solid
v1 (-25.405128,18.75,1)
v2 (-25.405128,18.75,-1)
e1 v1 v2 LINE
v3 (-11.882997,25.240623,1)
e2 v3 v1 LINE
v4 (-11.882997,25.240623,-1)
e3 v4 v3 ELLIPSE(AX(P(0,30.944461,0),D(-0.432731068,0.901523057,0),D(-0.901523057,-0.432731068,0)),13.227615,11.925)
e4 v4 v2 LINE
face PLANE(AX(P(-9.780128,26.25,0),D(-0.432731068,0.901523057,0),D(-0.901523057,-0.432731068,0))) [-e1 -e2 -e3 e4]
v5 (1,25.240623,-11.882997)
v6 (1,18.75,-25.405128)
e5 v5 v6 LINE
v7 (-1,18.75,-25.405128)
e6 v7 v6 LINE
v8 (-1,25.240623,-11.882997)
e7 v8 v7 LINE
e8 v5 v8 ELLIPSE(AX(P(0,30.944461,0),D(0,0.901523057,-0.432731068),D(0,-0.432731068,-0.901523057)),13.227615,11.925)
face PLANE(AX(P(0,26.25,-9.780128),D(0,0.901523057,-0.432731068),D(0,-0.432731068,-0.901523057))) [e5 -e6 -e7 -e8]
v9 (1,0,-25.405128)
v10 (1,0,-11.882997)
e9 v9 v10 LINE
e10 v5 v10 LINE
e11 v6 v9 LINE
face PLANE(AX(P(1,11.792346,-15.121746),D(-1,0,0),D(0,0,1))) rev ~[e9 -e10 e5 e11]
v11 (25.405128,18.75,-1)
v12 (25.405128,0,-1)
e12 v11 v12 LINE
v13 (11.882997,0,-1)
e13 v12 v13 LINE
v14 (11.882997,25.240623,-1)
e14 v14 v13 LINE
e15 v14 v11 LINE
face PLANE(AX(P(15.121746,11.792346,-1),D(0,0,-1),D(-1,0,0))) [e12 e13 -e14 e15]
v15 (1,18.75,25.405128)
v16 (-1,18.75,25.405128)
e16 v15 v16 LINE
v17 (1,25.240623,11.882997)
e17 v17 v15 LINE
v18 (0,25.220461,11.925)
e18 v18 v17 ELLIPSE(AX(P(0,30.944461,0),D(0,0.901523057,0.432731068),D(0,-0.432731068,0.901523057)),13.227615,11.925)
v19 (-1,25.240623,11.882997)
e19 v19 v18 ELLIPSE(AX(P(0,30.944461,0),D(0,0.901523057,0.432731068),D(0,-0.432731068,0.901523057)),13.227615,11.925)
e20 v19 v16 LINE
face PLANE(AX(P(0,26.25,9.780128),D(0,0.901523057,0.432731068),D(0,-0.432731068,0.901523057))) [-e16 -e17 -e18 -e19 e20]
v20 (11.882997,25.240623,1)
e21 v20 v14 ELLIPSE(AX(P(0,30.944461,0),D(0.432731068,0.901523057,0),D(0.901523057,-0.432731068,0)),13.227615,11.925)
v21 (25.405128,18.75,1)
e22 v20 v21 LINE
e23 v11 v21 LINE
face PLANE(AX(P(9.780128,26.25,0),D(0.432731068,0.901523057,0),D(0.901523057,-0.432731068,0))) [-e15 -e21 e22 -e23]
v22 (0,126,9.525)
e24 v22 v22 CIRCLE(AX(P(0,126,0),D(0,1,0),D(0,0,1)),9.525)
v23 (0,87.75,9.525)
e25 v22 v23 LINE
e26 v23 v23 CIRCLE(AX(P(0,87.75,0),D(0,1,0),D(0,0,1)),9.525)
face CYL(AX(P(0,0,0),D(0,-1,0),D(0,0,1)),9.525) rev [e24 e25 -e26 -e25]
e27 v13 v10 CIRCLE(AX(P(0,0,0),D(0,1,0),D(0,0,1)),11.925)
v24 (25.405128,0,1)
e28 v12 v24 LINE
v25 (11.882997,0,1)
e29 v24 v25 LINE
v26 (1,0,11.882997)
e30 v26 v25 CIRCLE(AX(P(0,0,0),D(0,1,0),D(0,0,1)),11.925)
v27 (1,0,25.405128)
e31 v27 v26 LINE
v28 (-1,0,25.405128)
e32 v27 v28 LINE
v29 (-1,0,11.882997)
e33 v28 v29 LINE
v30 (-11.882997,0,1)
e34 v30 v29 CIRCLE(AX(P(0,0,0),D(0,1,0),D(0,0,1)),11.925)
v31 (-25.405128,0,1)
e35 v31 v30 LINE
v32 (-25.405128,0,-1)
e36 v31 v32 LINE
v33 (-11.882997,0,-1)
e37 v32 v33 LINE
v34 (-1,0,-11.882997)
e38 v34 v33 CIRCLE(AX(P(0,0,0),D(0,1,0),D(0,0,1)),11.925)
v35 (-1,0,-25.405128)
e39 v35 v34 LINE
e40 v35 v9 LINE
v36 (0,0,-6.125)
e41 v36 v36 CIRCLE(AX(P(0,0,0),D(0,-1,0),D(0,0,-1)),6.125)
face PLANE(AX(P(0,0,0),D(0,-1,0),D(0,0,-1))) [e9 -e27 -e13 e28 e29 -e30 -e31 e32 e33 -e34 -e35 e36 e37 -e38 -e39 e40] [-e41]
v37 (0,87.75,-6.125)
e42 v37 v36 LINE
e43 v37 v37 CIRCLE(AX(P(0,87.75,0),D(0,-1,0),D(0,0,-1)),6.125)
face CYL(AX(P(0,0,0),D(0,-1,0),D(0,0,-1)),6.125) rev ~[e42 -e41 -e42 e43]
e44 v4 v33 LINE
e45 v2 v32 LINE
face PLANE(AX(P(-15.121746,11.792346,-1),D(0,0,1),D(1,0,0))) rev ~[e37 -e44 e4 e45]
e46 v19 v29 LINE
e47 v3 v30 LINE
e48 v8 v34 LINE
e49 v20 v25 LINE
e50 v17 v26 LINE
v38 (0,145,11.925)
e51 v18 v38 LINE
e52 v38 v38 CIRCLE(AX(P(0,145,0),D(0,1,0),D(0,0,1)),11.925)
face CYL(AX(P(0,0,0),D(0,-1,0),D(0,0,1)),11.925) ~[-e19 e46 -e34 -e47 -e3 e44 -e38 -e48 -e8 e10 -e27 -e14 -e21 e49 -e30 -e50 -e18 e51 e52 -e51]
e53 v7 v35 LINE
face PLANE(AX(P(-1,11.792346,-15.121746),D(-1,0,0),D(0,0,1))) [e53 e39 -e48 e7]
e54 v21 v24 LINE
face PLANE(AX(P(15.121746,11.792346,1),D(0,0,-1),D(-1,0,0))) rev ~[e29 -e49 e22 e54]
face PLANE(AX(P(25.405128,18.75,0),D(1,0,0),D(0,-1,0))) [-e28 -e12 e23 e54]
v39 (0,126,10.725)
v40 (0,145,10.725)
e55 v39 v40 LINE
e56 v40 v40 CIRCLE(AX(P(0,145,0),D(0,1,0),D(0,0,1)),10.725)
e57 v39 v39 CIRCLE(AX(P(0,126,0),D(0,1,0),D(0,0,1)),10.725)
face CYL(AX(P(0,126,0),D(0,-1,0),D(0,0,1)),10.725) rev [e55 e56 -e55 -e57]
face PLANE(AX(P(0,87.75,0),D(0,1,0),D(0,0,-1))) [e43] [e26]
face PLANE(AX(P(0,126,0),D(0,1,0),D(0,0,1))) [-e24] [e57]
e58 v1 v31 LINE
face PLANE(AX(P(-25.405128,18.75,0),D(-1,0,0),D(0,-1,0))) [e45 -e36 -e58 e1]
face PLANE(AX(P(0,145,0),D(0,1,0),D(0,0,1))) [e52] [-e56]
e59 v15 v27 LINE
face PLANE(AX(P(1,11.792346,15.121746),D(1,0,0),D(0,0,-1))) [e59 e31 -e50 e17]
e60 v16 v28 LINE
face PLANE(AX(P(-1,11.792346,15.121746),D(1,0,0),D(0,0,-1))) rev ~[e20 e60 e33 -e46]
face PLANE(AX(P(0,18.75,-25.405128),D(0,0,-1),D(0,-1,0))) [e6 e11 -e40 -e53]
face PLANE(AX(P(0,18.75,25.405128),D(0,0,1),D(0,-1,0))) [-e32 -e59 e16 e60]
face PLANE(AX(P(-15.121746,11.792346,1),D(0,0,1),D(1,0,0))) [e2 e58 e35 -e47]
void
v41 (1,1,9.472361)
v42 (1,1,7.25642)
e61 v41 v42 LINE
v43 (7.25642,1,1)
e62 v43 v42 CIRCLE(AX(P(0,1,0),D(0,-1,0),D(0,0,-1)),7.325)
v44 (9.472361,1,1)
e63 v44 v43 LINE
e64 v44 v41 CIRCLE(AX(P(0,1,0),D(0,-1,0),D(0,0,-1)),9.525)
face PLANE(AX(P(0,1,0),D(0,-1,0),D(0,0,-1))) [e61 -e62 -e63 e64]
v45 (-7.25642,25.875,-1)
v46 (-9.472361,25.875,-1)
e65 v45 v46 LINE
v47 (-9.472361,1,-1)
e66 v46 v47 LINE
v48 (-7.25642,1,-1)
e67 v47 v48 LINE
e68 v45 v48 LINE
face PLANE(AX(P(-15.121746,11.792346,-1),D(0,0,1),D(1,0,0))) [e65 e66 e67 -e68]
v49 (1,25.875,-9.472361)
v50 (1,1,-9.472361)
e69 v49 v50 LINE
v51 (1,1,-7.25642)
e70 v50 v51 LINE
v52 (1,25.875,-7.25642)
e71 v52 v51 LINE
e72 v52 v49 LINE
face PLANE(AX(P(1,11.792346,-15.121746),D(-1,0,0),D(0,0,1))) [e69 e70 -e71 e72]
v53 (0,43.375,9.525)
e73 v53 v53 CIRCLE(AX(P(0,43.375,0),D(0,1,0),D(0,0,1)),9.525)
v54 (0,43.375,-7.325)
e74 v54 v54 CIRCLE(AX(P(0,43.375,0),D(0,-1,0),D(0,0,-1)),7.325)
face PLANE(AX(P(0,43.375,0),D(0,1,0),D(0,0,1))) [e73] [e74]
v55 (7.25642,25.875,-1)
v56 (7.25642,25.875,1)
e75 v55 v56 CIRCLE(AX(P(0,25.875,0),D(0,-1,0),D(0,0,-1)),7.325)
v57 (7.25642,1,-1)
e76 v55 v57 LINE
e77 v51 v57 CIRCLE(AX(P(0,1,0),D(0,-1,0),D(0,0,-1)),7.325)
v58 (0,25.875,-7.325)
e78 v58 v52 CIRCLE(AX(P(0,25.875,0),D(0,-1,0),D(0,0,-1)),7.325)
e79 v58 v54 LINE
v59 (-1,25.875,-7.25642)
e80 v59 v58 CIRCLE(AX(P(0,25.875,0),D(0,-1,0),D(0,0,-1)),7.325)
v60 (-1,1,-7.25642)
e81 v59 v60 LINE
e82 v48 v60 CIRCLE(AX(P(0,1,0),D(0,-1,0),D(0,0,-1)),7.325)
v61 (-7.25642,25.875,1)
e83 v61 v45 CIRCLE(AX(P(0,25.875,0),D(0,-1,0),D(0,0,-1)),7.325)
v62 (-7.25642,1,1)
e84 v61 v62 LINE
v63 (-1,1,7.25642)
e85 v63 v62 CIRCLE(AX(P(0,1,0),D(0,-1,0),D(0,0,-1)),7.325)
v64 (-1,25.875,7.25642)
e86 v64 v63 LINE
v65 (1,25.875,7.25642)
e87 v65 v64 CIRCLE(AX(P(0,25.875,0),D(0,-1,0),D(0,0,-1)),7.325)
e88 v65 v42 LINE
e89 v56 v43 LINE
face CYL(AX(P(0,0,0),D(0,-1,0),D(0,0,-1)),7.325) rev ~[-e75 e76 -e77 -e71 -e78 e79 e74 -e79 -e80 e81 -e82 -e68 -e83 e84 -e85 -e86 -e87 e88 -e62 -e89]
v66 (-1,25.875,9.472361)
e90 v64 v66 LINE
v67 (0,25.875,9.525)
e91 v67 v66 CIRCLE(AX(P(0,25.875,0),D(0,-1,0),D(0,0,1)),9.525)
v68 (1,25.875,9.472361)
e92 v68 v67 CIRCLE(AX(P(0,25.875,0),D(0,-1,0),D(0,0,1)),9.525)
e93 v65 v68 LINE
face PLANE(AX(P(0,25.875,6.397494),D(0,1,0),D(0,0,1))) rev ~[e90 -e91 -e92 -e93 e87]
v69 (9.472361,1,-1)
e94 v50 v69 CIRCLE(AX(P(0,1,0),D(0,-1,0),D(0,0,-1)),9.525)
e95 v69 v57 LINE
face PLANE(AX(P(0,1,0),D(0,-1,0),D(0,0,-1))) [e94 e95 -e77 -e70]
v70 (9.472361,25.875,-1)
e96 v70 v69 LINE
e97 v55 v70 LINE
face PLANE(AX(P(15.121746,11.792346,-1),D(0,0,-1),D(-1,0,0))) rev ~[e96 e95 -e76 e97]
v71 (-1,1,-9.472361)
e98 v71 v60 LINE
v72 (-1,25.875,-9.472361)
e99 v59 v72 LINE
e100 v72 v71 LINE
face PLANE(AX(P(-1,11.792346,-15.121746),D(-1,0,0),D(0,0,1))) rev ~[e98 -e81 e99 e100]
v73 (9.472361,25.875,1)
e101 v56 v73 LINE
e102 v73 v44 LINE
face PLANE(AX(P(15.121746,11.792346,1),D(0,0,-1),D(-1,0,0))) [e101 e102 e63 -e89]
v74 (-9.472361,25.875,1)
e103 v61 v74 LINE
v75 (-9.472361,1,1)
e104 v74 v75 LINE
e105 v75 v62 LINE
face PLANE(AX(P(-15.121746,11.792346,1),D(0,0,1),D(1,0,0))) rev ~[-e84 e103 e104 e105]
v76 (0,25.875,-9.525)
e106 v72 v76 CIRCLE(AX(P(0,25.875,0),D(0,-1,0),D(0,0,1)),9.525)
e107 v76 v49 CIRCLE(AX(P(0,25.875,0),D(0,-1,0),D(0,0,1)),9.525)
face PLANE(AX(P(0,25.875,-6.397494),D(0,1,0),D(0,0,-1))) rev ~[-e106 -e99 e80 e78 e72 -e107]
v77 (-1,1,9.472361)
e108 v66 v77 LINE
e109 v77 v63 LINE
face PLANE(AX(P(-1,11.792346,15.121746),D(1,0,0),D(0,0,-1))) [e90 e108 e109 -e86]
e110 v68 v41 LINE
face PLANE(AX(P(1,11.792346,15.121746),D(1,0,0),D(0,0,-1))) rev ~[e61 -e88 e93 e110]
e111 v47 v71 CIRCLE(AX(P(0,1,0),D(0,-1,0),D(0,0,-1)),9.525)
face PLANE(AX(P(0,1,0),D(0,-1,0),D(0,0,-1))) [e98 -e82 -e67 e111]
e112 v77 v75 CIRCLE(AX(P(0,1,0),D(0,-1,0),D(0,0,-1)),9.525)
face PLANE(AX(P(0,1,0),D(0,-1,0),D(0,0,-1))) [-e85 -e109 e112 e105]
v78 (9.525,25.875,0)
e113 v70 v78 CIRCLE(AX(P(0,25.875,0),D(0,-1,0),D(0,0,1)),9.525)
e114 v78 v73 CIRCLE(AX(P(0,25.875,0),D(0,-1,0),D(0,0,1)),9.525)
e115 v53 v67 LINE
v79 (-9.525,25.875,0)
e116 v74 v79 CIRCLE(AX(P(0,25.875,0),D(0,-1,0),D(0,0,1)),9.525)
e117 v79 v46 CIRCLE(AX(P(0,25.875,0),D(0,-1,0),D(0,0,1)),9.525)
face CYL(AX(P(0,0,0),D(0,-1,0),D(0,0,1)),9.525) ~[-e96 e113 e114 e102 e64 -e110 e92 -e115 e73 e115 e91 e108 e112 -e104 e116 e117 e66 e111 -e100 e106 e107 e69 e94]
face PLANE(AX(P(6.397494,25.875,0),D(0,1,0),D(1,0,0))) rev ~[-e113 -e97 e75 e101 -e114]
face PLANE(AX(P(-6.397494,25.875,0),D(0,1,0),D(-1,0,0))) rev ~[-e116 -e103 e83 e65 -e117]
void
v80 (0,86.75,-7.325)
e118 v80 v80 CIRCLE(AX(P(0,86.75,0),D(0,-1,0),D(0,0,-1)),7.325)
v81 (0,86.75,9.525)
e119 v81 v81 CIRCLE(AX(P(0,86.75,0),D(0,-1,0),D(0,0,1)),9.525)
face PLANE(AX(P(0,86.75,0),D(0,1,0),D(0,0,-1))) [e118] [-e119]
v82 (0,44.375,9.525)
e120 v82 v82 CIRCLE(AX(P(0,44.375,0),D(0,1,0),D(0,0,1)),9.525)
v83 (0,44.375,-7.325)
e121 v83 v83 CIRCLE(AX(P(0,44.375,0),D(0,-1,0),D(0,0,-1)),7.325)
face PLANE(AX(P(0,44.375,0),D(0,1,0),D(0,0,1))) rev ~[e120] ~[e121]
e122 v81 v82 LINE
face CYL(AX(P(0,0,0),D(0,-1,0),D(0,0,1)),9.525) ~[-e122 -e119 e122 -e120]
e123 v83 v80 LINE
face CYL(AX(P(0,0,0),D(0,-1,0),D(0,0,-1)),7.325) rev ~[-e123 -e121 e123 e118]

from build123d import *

# Parameters (mm, degrees)
SKETCH1_R                = 11.925
SKETCH1_R_2              = 9.525
BOSS_EXTRUDE1_DEPTH      = 145
BOSS_EXTRUDE2_DEPTH      = 1
CIRPATTERN1_COUNT        = 4
SKETCH3_R                = 7.325
SKETCH3_R_2              = 6.125
BOSS_EXTRUDE3_DEPTH      = 87.75
CUT_EXTRUDE1_START       = -19
SKETCH4_R                = 10.725
SKETCH4_R_2              = 9.525
CUT_EXTRUDE1_DEPTH       = 19
BOSS_EXTRUDE4_START      = -1
SKETCH5_R                = 9.525
SKETCH5_R_2              = 6.125
BOSS_EXTRUDE4_DEPTH      = 1
BOSS_EXTRUDE5_DEPTH      = 0.5
BOSS_EXTRUDE5_DEPTH_BACK = 0.5
SKETCH6_R                = 9.525
SKETCH6_R_2              = 6.125
SKETCH7_R                = 9.525
SKETCH7_R_2              = 6.125
BOSS_EXTRUDE6_DEPTH      = 1


with BuildPart() as part:
    # Sketch1 → Boss-Extrude1 (new body)
    with BuildSketch(Plane(origin=(0, 0, 0), x_dir=(1, 0, 0), z_dir=(0, 1, 0))):
        with Locations(Location((0, 0, 0), (0, 0, 270))):
            Circle(SKETCH1_R)
        with Locations(Location((0, 0, 0), (0, 0, 270))):
            Circle(SKETCH1_R_2, mode=Mode.SUBTRACT)
    extrude(amount=BOSS_EXTRUDE1_DEPTH)

    # Sketch2 → Boss-Extrude2 (add, symmetric)
    with BuildSketch(Plane.XY):
        Polygon((-9.525, 0), (-9.525, 0.375), (-6.397493745, 0.375), (-6.397493745, 25.875), (-9.525, 25.875), (-9.525, 26.25), (-9.780127693, 26.25), (-25.405127693, 18.75), (-25.405127693, 0), align=None)
    boss_extrude2 = extrude(amount=BOSS_EXTRUDE2_DEPTH, both=True)

    # CirPattern1: Boss-Extrude2 ×4 about axis
    cirpattern1_axis = Axis((0, 0, 0), (0, 1, 0))
    for i in range(1, CIRPATTERN1_COUNT):
        add(boss_extrude2.rotate(cirpattern1_axis, i * 360 / CIRPATTERN1_COUNT))

    # Sketch4 → Cut-Extrude1 (cut)
    with BuildSketch(Plane(origin=(0, 145, 0), x_dir=(1, 0, 0), z_dir=(0, 1, 0)).offset(CUT_EXTRUDE1_START)):
        with Locations(Location((0, 0, 0), (0, 0, 270))):
            Circle(SKETCH4_R)
        with Locations(Location((0, 0, 0), (0, 0, 270))):
            Circle(SKETCH4_R_2, mode=Mode.SUBTRACT)
    extrude(amount=CUT_EXTRUDE1_DEPTH, mode=Mode.SUBTRACT)



with BuildPart() as body_2:
    # Sketch3 → Boss-Extrude3 (new body)
    with BuildSketch(Plane.XZ):
        with Locations(Location((0, 0, 0), (0, 0, 270))):
            Circle(SKETCH3_R)
        with Locations(Location((0, 0, 0), (0, 0, 270))):
            Circle(SKETCH3_R_2, mode=Mode.SUBTRACT)
    extrude(amount=-BOSS_EXTRUDE3_DEPTH)


with BuildPart() as part_1:
    add(part.part)

    add(body_2.part)  # Boss-Extrude4 merges body 2
    # Sketch5 → Boss-Extrude4 (add)
    with BuildSketch(Plane(origin=(0, 87.75, 0), x_dir=(1, 0, 0), z_dir=(0, 1, 0)).offset(BOSS_EXTRUDE4_START)):
        with Locations(Location((0, 0, 0), (0, 0, 90))):
            Circle(SKETCH5_R)
        with Locations(Location((0, 0, 0), (0, 0, 90))):
            Circle(SKETCH5_R_2, mode=Mode.SUBTRACT)
    extrude(amount=BOSS_EXTRUDE4_DEPTH)

    # Sketch6 → Boss-Extrude5 (add, two sides: drawn at the far end of the back side and taken through both)
    with BuildSketch(Plane(origin=(0, 43.875, 0), x_dir=(1, 0, 0), z_dir=(0, 1, 0)).offset(-BOSS_EXTRUDE5_DEPTH_BACK)):
        with Locations(Location((0, 0, 0), (0, 0, 270))):
            Circle(SKETCH6_R)
        with Locations(Location((0, 0, 0), (0, 0, 90))):
            Circle(SKETCH6_R_2, mode=Mode.SUBTRACT)
    extrude(amount=BOSS_EXTRUDE5_DEPTH + BOSS_EXTRUDE5_DEPTH_BACK)

    # Sketch7 → Boss-Extrude6 (add)
    with BuildSketch(Plane.XZ):
        with Locations(Location((0, 0, 0), (0, 0, 270))):
            Circle(SKETCH7_R)
        with Locations(Location((0, 0, 0), (0, 0, 270))):
            Circle(SKETCH7_R_2, mode=Mode.SUBTRACT)
    extrude(amount=-BOSS_EXTRUDE6_DEPTH)


solid = part_1.part
